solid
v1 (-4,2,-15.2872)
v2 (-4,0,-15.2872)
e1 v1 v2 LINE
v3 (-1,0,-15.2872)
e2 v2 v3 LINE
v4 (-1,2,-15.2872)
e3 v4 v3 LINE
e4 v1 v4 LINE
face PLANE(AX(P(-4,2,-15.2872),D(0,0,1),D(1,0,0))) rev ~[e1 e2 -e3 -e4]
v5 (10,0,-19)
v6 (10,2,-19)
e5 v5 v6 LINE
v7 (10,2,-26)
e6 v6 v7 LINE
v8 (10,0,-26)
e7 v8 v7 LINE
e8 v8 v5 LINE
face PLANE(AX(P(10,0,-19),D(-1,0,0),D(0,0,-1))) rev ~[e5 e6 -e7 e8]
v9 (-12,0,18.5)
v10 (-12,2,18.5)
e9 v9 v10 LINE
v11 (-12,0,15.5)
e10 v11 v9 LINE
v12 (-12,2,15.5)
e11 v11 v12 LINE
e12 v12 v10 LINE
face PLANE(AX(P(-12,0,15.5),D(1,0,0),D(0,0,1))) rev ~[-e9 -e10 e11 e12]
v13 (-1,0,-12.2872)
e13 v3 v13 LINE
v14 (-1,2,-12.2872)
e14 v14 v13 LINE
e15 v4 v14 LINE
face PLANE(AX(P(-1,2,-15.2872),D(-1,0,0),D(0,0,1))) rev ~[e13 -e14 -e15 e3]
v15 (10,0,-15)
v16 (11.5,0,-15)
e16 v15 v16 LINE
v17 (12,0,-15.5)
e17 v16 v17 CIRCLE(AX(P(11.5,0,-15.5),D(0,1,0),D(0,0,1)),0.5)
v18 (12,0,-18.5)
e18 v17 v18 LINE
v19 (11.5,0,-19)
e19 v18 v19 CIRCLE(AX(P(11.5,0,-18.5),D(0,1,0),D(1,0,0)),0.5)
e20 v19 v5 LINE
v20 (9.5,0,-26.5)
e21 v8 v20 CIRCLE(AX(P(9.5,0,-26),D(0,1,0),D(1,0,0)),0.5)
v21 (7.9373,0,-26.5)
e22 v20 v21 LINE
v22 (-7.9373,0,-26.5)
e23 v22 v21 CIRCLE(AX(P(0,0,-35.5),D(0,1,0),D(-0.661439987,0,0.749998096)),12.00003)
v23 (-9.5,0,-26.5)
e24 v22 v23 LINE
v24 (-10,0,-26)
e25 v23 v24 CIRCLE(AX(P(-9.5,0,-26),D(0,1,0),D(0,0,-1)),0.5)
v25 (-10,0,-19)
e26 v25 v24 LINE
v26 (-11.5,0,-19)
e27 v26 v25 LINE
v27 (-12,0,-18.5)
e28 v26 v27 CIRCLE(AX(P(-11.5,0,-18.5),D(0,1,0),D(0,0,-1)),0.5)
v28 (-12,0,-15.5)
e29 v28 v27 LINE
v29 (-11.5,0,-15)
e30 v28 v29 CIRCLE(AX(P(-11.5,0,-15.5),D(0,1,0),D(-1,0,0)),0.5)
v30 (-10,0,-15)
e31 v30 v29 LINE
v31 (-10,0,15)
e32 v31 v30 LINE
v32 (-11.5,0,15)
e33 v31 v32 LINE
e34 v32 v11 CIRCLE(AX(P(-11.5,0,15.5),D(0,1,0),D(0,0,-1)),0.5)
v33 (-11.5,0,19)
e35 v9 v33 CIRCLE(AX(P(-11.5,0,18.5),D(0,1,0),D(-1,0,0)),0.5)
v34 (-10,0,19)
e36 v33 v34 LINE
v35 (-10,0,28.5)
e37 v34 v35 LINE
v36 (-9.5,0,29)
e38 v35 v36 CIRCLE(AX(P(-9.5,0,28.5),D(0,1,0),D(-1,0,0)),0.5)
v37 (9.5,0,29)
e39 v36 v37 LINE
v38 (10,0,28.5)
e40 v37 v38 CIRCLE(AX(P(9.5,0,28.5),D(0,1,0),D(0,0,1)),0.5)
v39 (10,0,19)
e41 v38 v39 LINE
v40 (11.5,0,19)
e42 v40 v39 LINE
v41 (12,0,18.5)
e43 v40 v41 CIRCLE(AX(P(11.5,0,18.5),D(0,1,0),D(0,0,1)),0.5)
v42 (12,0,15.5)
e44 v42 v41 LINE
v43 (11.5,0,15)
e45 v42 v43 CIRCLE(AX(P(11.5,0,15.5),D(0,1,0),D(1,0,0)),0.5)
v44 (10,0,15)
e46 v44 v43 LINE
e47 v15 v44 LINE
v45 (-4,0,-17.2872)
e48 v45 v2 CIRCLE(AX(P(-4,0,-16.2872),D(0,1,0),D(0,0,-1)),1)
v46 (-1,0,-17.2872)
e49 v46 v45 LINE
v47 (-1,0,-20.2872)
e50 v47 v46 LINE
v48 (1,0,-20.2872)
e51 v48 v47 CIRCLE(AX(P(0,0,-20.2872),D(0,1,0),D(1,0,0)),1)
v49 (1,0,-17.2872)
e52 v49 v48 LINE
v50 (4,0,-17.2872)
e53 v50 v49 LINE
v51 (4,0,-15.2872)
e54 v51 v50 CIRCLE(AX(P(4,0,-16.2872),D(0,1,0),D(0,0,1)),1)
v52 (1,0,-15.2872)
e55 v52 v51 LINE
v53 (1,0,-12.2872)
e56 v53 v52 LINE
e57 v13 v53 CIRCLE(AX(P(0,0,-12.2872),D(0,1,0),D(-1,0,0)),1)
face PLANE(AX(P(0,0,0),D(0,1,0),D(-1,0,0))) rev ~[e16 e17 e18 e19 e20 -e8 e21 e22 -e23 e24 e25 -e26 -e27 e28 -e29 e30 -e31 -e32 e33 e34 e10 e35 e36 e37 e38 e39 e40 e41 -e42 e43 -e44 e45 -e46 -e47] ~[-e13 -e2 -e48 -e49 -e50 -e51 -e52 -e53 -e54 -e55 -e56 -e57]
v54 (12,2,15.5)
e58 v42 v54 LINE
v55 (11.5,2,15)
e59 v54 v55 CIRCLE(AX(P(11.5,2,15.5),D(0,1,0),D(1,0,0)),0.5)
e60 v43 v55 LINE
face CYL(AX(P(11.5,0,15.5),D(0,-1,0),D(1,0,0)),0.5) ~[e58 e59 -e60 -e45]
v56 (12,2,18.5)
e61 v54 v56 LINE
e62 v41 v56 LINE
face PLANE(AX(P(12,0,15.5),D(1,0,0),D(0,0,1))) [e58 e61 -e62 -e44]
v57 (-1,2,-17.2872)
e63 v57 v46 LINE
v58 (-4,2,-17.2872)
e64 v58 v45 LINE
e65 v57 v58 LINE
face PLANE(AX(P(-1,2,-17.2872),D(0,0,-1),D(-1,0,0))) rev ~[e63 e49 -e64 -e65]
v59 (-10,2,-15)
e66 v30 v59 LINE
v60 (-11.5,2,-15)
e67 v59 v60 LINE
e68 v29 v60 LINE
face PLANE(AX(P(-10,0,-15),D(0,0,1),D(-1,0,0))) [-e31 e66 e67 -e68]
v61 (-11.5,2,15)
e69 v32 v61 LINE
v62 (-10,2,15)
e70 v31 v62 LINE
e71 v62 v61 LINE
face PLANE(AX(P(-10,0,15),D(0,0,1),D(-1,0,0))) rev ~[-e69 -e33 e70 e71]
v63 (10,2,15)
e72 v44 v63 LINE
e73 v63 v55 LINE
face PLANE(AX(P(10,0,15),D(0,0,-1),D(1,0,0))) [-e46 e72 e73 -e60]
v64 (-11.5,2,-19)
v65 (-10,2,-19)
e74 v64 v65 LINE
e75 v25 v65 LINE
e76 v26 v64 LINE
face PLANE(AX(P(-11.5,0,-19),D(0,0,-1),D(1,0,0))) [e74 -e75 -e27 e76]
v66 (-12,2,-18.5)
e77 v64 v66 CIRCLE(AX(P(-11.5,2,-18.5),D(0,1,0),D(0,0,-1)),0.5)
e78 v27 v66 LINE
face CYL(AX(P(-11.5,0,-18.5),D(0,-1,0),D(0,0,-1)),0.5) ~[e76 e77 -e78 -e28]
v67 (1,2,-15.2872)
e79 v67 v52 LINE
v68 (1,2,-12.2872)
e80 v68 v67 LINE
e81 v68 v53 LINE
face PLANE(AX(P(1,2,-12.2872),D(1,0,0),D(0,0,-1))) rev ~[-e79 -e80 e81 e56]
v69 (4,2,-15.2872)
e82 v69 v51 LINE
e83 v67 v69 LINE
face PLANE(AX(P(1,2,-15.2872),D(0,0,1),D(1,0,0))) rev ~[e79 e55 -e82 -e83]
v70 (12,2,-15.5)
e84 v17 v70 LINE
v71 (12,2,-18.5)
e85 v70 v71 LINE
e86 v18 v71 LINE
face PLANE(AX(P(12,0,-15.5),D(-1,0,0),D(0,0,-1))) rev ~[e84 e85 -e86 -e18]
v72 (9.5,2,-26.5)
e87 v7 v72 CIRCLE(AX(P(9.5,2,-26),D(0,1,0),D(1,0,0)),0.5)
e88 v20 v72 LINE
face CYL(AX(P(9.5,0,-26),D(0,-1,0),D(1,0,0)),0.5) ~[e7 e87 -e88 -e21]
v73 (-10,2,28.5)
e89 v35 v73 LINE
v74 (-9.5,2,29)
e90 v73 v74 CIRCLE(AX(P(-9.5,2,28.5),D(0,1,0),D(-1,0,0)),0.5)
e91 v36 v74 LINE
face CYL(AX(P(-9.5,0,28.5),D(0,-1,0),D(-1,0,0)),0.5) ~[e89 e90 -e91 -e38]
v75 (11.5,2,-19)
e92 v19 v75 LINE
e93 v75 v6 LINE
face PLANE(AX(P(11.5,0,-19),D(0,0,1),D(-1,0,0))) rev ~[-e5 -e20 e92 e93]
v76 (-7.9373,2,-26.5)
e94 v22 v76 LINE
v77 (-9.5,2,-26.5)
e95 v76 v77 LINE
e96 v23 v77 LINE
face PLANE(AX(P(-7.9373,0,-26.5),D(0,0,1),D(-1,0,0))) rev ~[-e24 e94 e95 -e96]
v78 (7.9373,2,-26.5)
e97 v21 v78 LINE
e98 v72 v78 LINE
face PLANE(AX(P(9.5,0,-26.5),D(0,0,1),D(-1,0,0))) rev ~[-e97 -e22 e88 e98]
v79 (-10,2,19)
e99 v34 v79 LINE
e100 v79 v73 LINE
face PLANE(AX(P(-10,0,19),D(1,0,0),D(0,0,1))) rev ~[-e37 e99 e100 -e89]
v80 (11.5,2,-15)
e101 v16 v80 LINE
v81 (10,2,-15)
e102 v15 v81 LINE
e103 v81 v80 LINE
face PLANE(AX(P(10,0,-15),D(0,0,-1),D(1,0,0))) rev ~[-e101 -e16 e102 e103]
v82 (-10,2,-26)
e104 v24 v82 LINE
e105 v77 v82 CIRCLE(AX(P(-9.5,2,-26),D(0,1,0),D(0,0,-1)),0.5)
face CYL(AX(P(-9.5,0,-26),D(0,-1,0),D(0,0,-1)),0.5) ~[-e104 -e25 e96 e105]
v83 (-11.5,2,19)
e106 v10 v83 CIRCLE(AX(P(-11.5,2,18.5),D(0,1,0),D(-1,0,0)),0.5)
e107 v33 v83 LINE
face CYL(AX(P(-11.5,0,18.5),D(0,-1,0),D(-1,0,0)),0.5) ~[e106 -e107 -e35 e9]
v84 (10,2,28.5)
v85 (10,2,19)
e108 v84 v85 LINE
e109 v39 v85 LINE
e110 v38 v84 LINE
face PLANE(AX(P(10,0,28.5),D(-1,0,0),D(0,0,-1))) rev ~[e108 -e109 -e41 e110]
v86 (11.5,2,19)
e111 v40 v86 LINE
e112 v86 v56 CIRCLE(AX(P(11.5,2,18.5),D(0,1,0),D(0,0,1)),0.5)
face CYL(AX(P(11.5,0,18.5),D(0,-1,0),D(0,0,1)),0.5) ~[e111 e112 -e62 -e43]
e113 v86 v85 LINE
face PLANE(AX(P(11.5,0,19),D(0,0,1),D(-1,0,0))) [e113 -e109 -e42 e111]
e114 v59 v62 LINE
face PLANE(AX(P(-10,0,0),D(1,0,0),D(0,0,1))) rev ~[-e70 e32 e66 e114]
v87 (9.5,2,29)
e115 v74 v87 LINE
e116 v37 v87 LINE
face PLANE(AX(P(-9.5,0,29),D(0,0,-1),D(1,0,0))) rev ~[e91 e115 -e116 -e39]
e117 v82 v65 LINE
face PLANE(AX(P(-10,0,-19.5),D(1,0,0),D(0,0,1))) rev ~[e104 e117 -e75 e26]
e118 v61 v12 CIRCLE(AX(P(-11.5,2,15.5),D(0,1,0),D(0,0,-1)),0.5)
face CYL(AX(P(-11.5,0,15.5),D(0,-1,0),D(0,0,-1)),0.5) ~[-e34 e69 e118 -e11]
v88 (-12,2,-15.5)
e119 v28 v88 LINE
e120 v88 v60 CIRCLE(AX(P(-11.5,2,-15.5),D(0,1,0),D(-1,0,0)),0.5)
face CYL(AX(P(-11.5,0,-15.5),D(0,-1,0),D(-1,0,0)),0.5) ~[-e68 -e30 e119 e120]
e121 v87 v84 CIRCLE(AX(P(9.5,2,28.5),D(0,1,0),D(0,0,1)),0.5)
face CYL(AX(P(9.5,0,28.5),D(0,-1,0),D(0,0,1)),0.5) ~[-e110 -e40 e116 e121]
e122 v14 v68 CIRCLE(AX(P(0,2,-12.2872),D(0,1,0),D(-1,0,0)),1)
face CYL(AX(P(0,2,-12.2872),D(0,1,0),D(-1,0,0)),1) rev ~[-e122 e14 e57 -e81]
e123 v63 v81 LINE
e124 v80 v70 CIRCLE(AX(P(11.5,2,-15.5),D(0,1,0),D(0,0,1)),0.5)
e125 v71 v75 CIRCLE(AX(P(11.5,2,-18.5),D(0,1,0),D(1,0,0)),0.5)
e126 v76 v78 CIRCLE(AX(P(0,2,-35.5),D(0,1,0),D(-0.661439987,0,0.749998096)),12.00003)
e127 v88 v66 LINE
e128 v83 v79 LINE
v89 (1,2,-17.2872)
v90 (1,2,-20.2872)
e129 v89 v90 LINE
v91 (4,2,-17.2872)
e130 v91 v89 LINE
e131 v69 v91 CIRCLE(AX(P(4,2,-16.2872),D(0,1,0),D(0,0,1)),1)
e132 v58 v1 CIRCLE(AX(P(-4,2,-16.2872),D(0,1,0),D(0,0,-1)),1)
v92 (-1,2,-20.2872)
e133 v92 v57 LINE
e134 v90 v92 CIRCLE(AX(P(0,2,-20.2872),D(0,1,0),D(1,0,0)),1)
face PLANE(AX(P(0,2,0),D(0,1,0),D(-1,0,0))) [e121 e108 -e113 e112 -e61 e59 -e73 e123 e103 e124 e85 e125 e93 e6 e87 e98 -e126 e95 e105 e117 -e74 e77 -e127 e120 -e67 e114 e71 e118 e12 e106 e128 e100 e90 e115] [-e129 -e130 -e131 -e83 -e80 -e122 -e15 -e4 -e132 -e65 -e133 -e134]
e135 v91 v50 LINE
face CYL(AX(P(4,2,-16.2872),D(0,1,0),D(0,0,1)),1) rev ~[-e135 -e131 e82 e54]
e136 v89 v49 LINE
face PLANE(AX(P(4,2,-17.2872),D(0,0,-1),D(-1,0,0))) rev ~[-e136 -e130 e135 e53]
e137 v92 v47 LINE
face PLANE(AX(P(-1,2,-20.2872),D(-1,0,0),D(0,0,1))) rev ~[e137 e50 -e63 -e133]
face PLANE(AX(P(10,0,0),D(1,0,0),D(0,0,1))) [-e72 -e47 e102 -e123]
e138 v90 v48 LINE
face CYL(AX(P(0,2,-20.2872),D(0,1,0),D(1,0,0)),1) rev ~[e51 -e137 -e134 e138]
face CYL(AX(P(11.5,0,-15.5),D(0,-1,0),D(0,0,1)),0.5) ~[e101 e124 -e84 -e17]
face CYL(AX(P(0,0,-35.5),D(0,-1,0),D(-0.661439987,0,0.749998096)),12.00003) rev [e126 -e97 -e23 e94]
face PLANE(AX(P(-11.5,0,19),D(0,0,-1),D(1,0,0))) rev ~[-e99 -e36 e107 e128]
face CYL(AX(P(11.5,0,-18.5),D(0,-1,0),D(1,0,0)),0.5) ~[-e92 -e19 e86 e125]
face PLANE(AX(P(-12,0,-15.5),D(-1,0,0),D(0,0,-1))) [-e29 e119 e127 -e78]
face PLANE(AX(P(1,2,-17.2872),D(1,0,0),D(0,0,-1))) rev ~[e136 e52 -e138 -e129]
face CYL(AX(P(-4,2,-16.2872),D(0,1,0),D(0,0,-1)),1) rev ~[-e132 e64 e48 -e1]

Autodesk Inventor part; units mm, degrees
ref_plane "YZ Plane" through (0, 0, 0) normal (1, 0, 0) x (0, 1, 0)
ref_plane "XZ Plane" through (0, 0, 0) normal (0, 1, 0) x (-1, 0, 0)
ref_plane "XY Plane" through (0, 0, 0) normal (0, 0, 1) x (1, 0, 0)
sketch "Sketch1" plane through (0, 0, 0) normal (0, 1, 0) x (-1, 0, 0)
  line L0 (9.5, 29) -> (-9.5, 29)
  line L1 (-9.5, -26.5) -> (-7.9373, -26.5)
  line L2 (10, 0) -> (10, 15)
  line L3 (10, 15) -> (11.5, 15)
  line L4 (12, 15.5) -> (12, 18.5)
  line L5 (11.5, 19) -> (10, 19)
  line L6 (10, 0) -> (10, -15)
  line L7 (10, -15) -> (11.5, -15)
  line L8 (12, -15.5) -> (12, -18.5)
  line L9 (11.5, -19) -> (10, -19)
  line L10 (-10, 0) -> (-10, 15)
  line L11 (-10, 15) -> (-11.5, 15)
  line L12 (-12, 15.5) -> (-12, 18.5)
  line L13 (-11.5, 19) -> (-10, 19)
  line L14 (-10, 0) -> (-10, -15)
  line L15 (-10, -15) -> (-11.5, -15)
  line L16 (-12, -15.5) -> (-12, -18.5)
  line L17 (-11.5, -19) -> (-10, -19)
  line L18 (10, 19) -> (10, 28.5)
  line L19 (10, -19.5) -> (10, -19)
  line L20 (10, -15) -> (10, 15)
  line L21 (-10, -19) -> (-10, -19.5)
  line L22 (-10, 28.5) -> (-10, 19)
  line L23 (-10, 15) -> (-10, -15)
  arc A0 (11.5, 15) -> (12, 15.5) centre (11.5, 15.5) ccw
  arc A1 (12, 18.5) -> (11.5, 19) centre (11.5, 18.5) ccw
  arc A2 (-11.5, 19) -> (-12, 18.5) centre (-11.5, 18.5) ccw
  arc A3 (-12, 15.5) -> (-11.5, 15) centre (-11.5, 15.5) ccw
  arc A4 (12, -15.5) -> (11.5, -15) centre (11.5, -15.5) ccw
  arc A5 (11.5, -19) -> (12, -18.5) centre (11.5, -18.5) ccw
  arc A6 (-11.5, -15) -> (-12, -15.5) centre (-11.5, -15.5) ccw
  arc A7 (-12, -18.5) -> (-11.5, -19) centre (-11.5, -18.5) ccw
  line L24 (0, -26.5) -> (0, -35.5) construction
  arc A8 (7.9373, -26.5) -> (-7.9373, -26.5) centre (0, -35.5) ccw
  arc A9 (10, 28.5) -> (9.5, 29) centre (9.5, 28.5) ccw
  arc A10 (-9.5, 29) -> (-10, 28.5) centre (-9.5, 28.5) ccw
  line L25 (7.9373, -26.5) -> (9.5, -26.5)
  line L26 (-7.9373, -26.5) -> (7.9373, -26.5) construction
  line L27 (0, -26.5) -> (0, -26.5) construction
  line L28 (10, -19.5) -> (10, -26)
  line L29 (9.5, -26.5) -> (9.5, -26.5)
  line L30 (-10, -19.5) -> (-10, -26)
  line L31 (-9.5, -26.5) -> (-9.5, -26.5)
  arc A11 (9.5, -26.5) -> (10, -26) centre (9.5, -26) ccw
  arc A12 (-10, -26) -> (-9.5, -26.5) centre (-9.5, -26) ccw
  line L32 (0, 29) -> (0, 29) construction
  point P0 (0, 0)
  point P1 (12, 15)
  point P2 (12, 19)
  point P3 (12, -15)
  point P4 (12, -19)
  point P5 (-12, 15)
  point P6 (-12, 19)
  point P7 (-12, -15)
  point P8 (-12, -19)
  point P9 (-10, -26.5)
  dimension "d2" = 15
  dimension "d3" = 2
  dimension "d4" = 4
  dimension "d5" = 15
  dimension "d6" = 4
  dimension "d7" = 15
  dimension "d8" = 2
  dimension "d9" = 4
  dimension "d10" = 15
  dimension "d11" = 4
  dimension "d12" = 0.5
  dimension "d13" = 9
  dimension "d14" = 12
  dimension "d15" = 0.5
  dimension "d26" = 0
  dimension "d27" = 0.5
  dimension "d28" = 0
extrude "Extrusion1" add sketch "Sketch1" along normal blind 2
sketch "Sketch2" plane through (0, 2, 0) normal (0, 1, 0) x (1, 0, 0)
  line L0 (-4, 16.2872) -> (4, 16.2872) construction
  line L1 (-4, 15.2872) -> (4, 15.2872)
  line L2 (4, 17.2872) -> (-4, 17.2872)
  arc A0 (-4, 17.2872) -> (-4, 15.2872) centre (-4, 16.2872) ccw
  arc A1 (4, 15.2872) -> (4, 17.2872) centre (4, 16.2872) ccw
  line L3 (0, 20.2872) -> (0, 12.2872) construction
  line L4 (-1, 20.2872) -> (-1, 12.2872)
  line L5 (1, 12.2872) -> (1, 20.2872)
  arc A2 (1, 20.2872) -> (-1, 20.2872) centre (0, 20.2872) ccw
  arc A3 (-1, 12.2872) -> (1, 12.2872) centre (0, 12.2872) ccw
  line L6 (0, 16.2872) -> (0, 21.2872) construction
  point P0 (0, 0)
  point P1 (-1, 15.2872)
  point P2 (1, 15.2872)
  point P3 (1, 17.2872)
  point P4 (-1, 17.2872)
  point P5 (0, 21.2872)
  dimension "d18" = 4
  dimension "d19" = 2
  dimension "d20" = 4
  dimension "d21" = 2
  dimension "d29" = 5
extrude "Extrusion2" cut sketch "Sketch2" against normal blind 2
properties part number "Laser-Slot-Top" material "Acrylic, Clear"
